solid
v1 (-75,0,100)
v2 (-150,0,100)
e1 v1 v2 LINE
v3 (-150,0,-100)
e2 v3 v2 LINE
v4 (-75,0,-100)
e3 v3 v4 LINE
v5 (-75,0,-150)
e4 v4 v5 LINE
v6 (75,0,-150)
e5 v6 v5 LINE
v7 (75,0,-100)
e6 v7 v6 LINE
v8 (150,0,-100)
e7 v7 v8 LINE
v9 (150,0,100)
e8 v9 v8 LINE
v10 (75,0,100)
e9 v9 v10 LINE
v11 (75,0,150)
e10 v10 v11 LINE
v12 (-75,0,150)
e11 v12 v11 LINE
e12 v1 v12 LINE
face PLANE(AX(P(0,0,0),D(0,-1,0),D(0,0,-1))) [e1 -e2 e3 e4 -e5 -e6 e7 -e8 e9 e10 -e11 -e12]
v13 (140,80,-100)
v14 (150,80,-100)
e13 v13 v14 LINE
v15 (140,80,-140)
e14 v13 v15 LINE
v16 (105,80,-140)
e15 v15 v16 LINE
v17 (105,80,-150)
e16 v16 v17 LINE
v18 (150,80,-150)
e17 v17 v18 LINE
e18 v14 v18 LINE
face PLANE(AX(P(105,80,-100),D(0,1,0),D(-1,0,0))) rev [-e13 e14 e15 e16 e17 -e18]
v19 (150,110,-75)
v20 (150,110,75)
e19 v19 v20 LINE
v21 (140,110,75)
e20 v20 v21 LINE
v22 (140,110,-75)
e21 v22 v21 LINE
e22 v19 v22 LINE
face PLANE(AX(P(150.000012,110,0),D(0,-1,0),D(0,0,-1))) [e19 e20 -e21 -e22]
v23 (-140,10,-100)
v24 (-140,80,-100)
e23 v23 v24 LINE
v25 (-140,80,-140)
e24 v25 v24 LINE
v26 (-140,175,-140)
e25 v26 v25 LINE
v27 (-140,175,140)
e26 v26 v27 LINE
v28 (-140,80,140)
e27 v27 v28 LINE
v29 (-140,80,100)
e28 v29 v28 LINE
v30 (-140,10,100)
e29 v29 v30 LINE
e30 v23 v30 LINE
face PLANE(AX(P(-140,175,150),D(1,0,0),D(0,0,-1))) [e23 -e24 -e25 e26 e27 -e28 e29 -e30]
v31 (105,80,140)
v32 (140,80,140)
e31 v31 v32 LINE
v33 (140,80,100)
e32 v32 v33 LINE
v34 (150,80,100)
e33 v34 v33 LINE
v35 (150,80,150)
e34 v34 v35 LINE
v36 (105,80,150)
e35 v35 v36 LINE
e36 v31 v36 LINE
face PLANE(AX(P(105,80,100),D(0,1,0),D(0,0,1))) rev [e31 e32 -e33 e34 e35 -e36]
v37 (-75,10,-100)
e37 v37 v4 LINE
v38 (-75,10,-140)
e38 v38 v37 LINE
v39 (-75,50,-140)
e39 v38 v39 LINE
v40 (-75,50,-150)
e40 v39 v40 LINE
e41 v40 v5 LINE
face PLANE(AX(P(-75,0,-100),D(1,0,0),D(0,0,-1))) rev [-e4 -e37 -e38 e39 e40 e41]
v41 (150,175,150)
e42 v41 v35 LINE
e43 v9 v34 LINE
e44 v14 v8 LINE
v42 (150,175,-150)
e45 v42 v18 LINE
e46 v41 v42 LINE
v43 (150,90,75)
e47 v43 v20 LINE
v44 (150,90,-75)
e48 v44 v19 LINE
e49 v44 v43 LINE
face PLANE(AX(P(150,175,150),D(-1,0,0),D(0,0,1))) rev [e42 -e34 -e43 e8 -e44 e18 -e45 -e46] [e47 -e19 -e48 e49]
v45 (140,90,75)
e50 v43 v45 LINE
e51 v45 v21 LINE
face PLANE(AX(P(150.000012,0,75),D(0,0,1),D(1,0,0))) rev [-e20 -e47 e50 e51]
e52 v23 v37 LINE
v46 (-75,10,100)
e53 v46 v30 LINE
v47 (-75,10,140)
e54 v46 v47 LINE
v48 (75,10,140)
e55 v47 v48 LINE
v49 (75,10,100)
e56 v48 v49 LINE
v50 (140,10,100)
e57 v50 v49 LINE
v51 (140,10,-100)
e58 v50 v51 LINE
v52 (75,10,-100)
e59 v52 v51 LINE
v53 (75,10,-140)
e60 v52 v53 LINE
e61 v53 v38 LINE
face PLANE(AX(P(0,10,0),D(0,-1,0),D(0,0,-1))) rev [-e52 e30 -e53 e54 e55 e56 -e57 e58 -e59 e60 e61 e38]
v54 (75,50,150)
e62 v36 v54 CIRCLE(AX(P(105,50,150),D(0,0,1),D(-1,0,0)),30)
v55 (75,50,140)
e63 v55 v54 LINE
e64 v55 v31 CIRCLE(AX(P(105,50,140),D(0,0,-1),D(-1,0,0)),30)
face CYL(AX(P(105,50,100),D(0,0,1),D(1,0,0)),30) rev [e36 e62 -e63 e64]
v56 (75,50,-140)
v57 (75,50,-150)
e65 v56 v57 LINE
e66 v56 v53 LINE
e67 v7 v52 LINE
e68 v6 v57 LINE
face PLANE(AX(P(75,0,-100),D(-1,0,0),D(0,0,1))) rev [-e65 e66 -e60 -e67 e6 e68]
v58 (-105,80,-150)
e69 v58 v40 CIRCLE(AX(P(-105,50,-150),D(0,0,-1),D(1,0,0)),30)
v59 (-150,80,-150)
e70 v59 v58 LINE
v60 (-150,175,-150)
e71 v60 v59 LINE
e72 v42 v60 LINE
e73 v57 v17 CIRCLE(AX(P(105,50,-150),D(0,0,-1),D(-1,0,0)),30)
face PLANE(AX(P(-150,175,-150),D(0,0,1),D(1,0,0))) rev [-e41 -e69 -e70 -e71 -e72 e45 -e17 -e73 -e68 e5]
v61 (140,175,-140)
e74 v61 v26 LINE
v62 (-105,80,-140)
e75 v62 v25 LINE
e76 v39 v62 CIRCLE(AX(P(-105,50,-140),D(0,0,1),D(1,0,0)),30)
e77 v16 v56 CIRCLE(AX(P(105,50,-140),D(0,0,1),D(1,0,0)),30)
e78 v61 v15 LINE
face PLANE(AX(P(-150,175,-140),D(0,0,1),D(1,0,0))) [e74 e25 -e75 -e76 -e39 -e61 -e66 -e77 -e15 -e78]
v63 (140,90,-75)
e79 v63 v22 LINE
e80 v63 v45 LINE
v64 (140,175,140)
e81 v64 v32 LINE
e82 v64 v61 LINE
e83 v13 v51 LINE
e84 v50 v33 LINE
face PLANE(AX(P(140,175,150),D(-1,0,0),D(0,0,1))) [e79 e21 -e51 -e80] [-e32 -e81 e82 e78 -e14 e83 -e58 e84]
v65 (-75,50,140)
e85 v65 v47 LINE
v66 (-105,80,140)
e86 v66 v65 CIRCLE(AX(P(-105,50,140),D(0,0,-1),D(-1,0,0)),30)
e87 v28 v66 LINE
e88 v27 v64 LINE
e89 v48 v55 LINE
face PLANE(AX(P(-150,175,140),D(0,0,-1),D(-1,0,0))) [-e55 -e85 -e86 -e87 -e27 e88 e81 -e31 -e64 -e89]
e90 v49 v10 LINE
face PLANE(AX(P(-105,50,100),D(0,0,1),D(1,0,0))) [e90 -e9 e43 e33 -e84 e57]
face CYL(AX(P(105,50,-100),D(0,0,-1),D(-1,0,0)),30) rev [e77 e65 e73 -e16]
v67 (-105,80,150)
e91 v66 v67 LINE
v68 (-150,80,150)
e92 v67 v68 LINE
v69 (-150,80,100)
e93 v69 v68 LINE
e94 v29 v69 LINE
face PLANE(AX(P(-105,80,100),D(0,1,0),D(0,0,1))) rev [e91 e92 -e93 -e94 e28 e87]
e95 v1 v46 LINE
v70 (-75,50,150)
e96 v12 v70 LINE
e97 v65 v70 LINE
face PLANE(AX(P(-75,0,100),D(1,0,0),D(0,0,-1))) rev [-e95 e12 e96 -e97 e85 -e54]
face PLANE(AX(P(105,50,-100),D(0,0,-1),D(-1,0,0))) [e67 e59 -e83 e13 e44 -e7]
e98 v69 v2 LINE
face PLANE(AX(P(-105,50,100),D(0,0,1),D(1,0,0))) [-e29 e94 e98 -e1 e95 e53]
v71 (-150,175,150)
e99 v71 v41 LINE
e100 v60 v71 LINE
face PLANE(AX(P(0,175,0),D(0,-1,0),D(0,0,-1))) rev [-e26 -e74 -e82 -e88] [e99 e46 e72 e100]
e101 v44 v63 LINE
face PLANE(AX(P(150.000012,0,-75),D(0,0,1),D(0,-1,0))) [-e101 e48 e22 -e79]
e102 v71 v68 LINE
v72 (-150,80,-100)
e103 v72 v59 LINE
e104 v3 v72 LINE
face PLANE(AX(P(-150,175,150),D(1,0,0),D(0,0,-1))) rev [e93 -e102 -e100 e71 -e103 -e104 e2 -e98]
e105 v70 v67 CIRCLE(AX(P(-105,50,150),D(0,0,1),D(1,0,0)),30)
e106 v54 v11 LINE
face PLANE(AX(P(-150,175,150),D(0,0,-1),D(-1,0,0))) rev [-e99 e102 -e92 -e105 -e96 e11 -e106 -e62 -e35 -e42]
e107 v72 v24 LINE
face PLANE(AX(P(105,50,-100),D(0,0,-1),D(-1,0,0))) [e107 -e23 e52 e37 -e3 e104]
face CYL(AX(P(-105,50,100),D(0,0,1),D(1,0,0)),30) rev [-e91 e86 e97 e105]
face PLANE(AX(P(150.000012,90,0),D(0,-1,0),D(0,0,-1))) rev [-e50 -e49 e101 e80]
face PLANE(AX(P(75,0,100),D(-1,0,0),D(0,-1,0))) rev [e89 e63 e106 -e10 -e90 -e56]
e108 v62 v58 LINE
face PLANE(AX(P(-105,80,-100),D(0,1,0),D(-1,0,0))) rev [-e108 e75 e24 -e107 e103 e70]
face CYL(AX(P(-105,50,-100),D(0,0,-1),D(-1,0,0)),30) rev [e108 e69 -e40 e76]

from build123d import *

# Parameters (mm, degrees)
SKETCH1_W                      = 300
SKETCH1_H                      = 300
BOSS_EXTRUDE1_DEPTH            = 175
SHELL1_T                       = -10
CUT_EXTRUDE5_DEPTH             = 50
CUT_EXTRUDE6_START             = -50
CUT_EXTRUDE6_DEPTH             = 50
CUT_EXTRUDE7_REACH             = 380.319
SKETCH8_W                      = 150
SKETCH8_H                      = 20
CUT_EXTRUDE7_DIRECTION_2_DEPTH = 379.318648761


with BuildPart() as part:
    # Sketch1 → Boss-Extrude1 (new body)
    with BuildSketch(Plane(origin=(0, 0, 0), x_dir=(1, 0, 0), z_dir=(0, 1, 0))):
        Rectangle(SKETCH1_W, SKETCH1_H)
    extrude(amount=BOSS_EXTRUDE1_DEPTH)

    # Shell1
    shell1_openings = [part.faces().sort_by_distance(p)[0] for p in [
        (0, 175, 0),
    ]]
    offset(amount=SHELL1_T, openings=shell1_openings, kind=Kind.INTERSECTION)

    # Sketch4 → Cut-Extrude5 (cut)
    with BuildSketch(Plane.XY.offset(150)):
        with BuildLine():
            Line((0, 0), (75, 0))
            Line((75, 0), (75, 50))
            ThreePointArc((75, 50), (83.786796564, 71.213203436), (105, 80))
            Line((105, 80), (150, 80))
            Line((150, 80), (150, -5))
            Line((150, -5), (-150, -5))
            Line((-150, -5), (-150, 80))
            Line((-150, 80), (-105, 80))
            ThreePointArc((-105, 80), (-83.786796564, 71.213203436), (-75, 50))
            Line((-75, 50), (-75, 0))
            Line((-75, 0), (0, 0))
        make_face()
    extrude(amount=-CUT_EXTRUDE5_DEPTH, mode=Mode.SUBTRACT)

    # Sketch7 → Cut-Extrude6 (cut)
    with BuildSketch(Plane(origin=(0, 0, -150), x_dir=(-1, 0, 0), z_dir=(0, 0, -1)).offset(CUT_EXTRUDE6_START)):
        with BuildLine():
            Line((0, 0), (75, 0))
            Line((75, 0), (75, 50))
            ThreePointArc((75, 50), (83.786796564, 71.213203436), (105, 80))
            Line((105, 80), (150, 80))
            Line((150, 80), (150, -5))
            Line((150, -5), (-150, -5))
            Line((-150, -5), (-150, 80))
            Line((-150, 80), (-105, 80))
            ThreePointArc((-105, 80), (-83.786796564, 71.213203436), (-75, 50))
            Line((-75, 50), (-75, 0))
            Line((-75, 0), (0, 0))
        make_face()
    extrude(amount=CUT_EXTRUDE6_DEPTH, mode=Mode.SUBTRACT)

    # Sketch8 → Cut-Extrude7 (cut, up to next)
    with BuildSketch(Plane(origin=(150, 0, 0), x_dir=(0, 0, -1), z_dir=(1, 0, 0)), mode=Mode.PRIVATE) as cut_extrude7_sk1:
        with Locations((0, 100)):
            Rectangle(SKETCH8_W, SKETCH8_H)
    cut_extrude7_tool1 = extrude(cut_extrude7_sk1.sketch, amount=-CUT_EXTRUDE7_REACH, mode=Mode.PRIVATE) & part.part
    add(cut_extrude7_tool1.solids().sort_by_distance((150, 100, 0))[0], mode=Mode.SUBTRACT)

    # Sketch8 → Cut-Extrude7 direction 2 (cut)
    with BuildSketch(Plane(origin=(150, 0, 0), x_dir=(0, 0, -1), z_dir=(1, 0, 0))):
        with Locations((0, 100)):
            Rectangle(SKETCH8_W, SKETCH8_H)
    extrude(amount=CUT_EXTRUDE7_DIRECTION_2_DEPTH, mode=Mode.SUBTRACT)


solid = part.part
